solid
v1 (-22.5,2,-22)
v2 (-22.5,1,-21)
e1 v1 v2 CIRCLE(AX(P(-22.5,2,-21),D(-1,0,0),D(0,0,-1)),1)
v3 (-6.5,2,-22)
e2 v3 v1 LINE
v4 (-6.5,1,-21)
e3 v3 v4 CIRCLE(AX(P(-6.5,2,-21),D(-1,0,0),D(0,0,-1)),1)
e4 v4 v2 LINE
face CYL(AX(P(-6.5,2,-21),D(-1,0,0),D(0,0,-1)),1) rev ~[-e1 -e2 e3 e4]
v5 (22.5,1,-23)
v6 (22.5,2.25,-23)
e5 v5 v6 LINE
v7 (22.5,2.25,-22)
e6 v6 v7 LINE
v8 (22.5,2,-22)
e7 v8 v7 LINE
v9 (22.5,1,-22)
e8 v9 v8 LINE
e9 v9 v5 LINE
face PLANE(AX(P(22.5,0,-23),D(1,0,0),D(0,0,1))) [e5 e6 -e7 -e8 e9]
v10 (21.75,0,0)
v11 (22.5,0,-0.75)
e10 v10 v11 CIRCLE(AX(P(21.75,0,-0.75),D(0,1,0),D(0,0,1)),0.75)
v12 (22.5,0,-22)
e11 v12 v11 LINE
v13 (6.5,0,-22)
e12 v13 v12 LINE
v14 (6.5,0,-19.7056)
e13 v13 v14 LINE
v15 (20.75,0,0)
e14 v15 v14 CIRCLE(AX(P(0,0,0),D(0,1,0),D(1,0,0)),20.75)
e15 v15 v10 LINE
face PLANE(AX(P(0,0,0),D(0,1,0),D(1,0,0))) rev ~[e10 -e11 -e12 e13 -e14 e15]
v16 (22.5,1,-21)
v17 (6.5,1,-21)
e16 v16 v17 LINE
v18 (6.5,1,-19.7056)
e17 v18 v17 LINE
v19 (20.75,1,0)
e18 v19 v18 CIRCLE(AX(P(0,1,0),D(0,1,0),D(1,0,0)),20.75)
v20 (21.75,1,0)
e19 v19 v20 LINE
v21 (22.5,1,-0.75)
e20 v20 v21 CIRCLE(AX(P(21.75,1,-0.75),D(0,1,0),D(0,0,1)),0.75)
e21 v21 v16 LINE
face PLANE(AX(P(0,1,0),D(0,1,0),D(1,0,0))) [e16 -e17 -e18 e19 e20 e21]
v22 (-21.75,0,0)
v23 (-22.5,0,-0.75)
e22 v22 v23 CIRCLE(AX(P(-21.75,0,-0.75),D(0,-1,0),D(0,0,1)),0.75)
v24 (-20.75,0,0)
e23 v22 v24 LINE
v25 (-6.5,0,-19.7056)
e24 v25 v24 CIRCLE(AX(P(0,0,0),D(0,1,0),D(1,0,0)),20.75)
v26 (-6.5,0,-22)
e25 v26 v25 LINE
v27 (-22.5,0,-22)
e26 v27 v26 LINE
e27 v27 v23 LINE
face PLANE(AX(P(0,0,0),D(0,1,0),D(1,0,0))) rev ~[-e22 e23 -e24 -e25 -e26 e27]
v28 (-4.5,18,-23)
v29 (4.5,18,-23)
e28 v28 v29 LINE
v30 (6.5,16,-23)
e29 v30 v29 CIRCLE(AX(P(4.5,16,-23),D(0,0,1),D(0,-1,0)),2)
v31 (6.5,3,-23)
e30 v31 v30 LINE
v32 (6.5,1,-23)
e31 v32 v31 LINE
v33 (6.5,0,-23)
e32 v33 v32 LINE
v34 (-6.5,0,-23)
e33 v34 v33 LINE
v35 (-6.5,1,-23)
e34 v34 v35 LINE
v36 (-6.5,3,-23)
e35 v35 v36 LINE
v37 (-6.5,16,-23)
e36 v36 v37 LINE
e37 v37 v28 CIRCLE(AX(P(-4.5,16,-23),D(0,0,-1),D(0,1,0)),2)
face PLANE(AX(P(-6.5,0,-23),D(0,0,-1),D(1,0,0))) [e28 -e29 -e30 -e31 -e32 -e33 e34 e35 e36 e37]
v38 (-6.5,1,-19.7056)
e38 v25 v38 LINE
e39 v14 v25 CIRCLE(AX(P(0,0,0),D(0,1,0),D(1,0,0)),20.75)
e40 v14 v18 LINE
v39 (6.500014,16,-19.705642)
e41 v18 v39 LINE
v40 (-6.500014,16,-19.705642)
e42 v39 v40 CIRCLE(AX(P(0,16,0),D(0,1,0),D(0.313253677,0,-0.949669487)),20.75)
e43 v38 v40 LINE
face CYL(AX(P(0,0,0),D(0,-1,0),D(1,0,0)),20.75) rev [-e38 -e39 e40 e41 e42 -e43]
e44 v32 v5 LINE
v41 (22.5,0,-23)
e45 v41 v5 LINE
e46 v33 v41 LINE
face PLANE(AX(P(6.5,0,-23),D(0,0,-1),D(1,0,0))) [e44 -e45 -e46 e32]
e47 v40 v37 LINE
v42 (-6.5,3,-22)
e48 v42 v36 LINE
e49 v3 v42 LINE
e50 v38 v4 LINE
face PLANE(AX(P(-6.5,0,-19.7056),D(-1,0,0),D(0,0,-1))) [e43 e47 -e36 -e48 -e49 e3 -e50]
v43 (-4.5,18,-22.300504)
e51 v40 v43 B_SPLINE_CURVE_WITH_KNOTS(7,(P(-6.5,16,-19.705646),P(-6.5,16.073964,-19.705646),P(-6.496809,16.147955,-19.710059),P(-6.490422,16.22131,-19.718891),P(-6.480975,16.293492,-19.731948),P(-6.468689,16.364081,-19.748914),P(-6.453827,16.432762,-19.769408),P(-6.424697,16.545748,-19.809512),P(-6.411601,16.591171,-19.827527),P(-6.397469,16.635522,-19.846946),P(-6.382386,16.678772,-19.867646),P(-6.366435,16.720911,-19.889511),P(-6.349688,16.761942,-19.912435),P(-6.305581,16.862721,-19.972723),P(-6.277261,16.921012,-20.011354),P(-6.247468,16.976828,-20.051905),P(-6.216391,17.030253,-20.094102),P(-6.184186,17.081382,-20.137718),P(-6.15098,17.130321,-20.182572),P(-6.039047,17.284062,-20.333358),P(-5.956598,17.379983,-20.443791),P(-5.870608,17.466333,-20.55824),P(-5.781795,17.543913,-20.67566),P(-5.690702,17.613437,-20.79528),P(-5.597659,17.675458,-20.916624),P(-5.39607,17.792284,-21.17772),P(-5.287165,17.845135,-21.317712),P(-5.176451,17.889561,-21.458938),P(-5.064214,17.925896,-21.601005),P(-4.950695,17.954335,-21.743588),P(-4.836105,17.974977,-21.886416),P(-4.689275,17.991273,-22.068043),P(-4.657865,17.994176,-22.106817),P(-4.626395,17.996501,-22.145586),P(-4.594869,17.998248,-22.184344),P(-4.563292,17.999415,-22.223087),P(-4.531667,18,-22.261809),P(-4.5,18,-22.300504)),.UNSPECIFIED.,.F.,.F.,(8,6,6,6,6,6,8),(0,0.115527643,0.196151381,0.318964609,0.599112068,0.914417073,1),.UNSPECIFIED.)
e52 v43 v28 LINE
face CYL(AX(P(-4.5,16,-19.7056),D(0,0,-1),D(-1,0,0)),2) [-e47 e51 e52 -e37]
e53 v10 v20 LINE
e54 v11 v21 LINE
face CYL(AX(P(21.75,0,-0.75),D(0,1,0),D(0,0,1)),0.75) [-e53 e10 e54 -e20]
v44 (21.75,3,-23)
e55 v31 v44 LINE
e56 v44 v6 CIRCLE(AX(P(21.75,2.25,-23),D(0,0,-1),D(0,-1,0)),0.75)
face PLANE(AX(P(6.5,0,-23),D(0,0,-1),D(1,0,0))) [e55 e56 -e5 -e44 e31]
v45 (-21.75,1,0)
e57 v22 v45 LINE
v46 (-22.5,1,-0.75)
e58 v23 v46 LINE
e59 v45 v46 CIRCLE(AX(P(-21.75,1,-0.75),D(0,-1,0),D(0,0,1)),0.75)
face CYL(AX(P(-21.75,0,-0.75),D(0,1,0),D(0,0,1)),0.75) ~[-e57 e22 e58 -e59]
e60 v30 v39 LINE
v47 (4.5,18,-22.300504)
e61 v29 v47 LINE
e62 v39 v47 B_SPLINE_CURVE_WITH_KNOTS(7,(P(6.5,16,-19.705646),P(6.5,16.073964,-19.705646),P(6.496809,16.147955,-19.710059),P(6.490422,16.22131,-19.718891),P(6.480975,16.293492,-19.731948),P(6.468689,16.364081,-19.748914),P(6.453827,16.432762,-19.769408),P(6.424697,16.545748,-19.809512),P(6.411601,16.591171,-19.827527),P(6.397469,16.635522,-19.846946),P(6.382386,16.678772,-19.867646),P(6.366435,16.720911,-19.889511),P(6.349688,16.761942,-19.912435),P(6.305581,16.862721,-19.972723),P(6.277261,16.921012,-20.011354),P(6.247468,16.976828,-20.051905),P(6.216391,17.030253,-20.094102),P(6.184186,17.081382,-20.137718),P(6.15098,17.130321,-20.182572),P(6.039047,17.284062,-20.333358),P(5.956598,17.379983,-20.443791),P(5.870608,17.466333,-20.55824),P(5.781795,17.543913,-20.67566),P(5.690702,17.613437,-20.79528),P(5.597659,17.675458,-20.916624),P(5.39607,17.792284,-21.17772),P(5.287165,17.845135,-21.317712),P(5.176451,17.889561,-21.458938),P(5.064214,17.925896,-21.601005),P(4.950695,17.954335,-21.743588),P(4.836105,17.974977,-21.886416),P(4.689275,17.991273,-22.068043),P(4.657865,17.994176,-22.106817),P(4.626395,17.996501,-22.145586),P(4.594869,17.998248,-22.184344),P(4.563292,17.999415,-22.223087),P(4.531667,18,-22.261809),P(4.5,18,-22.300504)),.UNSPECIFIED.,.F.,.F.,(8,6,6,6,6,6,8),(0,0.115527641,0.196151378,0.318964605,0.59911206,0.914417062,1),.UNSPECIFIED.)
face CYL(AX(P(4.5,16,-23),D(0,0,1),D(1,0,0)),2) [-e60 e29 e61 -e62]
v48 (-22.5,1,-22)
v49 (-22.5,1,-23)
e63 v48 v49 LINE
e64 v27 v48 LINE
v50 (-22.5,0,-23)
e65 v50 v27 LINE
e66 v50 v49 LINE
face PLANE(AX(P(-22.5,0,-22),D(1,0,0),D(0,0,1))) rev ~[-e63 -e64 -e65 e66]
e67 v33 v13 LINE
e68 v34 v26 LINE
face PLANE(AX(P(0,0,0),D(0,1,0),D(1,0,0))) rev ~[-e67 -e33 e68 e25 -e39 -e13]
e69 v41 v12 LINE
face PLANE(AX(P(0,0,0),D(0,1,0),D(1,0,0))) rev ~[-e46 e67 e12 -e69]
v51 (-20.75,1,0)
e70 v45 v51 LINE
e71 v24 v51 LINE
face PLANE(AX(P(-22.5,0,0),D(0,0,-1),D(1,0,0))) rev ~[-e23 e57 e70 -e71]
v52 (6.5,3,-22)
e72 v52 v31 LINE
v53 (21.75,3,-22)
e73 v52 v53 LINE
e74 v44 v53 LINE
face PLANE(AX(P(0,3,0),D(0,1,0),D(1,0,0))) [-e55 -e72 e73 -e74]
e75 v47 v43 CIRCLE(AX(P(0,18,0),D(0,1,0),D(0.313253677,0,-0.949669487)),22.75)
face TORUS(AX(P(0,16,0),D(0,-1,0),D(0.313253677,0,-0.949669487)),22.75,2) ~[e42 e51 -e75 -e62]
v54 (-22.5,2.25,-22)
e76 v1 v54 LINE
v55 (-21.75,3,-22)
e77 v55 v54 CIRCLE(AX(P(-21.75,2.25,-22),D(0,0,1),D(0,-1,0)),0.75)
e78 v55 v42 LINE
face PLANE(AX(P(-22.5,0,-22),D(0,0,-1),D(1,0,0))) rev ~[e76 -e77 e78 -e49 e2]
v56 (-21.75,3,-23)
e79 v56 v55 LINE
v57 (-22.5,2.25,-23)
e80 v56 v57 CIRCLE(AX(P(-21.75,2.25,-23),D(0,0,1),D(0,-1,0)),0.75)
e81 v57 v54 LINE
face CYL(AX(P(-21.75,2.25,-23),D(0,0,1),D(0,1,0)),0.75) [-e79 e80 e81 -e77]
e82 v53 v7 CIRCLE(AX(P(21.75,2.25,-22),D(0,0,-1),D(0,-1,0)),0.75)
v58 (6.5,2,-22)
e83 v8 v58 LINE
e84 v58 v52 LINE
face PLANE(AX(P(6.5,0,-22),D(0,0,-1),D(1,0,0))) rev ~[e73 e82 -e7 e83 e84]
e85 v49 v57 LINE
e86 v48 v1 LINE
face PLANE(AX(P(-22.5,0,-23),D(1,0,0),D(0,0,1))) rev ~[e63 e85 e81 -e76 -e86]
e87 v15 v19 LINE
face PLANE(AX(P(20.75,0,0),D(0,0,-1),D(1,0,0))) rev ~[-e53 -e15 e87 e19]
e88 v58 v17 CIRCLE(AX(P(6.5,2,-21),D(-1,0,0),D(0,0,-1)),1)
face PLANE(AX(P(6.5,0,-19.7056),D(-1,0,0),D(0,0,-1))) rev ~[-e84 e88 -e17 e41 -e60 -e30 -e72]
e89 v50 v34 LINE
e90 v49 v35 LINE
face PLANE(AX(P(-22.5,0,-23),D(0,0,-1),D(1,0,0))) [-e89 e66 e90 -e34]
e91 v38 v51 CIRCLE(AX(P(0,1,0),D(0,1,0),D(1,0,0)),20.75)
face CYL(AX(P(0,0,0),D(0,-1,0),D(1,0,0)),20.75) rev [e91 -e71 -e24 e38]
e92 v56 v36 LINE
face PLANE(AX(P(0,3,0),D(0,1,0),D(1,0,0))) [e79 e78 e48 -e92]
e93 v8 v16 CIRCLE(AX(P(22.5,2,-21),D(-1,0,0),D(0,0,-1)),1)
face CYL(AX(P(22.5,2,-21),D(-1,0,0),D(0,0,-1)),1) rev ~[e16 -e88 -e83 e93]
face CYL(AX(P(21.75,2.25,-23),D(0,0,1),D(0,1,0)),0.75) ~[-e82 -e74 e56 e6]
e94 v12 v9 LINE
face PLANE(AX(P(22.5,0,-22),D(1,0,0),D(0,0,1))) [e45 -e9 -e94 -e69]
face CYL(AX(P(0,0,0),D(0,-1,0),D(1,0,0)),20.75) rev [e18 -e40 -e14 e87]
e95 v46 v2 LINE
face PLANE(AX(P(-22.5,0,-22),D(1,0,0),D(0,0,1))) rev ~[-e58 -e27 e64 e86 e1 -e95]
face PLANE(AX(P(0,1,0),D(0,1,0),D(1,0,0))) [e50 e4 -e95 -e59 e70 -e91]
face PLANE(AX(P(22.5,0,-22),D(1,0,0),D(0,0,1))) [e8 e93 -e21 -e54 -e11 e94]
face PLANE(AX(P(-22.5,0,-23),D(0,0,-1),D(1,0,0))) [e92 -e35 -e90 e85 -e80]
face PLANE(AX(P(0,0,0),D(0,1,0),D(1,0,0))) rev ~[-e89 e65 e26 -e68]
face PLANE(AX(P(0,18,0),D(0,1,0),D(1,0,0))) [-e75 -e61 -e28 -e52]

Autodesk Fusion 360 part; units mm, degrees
sketch "Sketch1" plane through (0, 0, 0) normal (0, 1, 0) x (1, 0, 0) in component "Component"
  circle A0 centre (0, 0) radius 20.75
  line L0 (-22.5, 23) -> (22.5, 23)
  line L1 (0, 0) -> (0, 23) construction
  line L2 (-22.5, 23) -> (-22.5, 0)
  line L3 (22.5, 23) -> (22.5, 0)
  line L4 (-22.5, 0) -> (22.5, 0)
  line L5 (6.5, 19.7056) -> (6.5, 23)
  line L6 (-6.5, 19.7056) -> (-6.5, 23)
  line L7 (-22.5, 22) -> (22.5, 22)
  dimension "d1" = 41.5
  dimension "d2" = 45
  dimension "d3" = 23
  dimension "d4" = 13
  dimension "d9" = 1
extrude "Extrude1" add sketch "Sketch1" along normal blind 1 contours A0 L3 L4 L5 L7 | A0 L2 L4 L6 L7 | L0 L3 L5 L7 | L0 L2 L6 L7 makes body 1 at (13.5543, 0, -21.0541) makes body 2 at (-13.5543, 0, -21.0541) in component "Component"
extrude "Extrude2" add sketch "Sketch1" along normal blind 18 contours A0 L5 L6 L7 | L0 L5 L6 L7 bodies 1 2 in component "Component"
extrude "Extrude3" add sketch "Sketch1" along normal blind 3 contours L0 L3 L5 L7 | L0 L2 L6 L7 bodies 1 in component "Component"
fillet "Fillet1" radius 2 3 edges at (0, 18, -20.75) (6.5, 18, -21.3528) (-6.5, 18, -21.3528) on bodies 1 in component "Component"
fillet "Fillet2" radius 0.75 4 edges at (22.5, 0.5, 0) (-22.5, 0.5, 0) (22.5, 3, -22.5) (-22.5, 3, -22.5) on bodies 1 in component "Component"
fillet "Fillet3" radius 1 2 edges at (14.5, 1, -22) (-14.5, 1, -22) on bodies 1 in component "Component"
component "Component" placed x (1, 0, 0) y (0, 1, 0) z (0, 0, 1) at (0, 0, 0)
